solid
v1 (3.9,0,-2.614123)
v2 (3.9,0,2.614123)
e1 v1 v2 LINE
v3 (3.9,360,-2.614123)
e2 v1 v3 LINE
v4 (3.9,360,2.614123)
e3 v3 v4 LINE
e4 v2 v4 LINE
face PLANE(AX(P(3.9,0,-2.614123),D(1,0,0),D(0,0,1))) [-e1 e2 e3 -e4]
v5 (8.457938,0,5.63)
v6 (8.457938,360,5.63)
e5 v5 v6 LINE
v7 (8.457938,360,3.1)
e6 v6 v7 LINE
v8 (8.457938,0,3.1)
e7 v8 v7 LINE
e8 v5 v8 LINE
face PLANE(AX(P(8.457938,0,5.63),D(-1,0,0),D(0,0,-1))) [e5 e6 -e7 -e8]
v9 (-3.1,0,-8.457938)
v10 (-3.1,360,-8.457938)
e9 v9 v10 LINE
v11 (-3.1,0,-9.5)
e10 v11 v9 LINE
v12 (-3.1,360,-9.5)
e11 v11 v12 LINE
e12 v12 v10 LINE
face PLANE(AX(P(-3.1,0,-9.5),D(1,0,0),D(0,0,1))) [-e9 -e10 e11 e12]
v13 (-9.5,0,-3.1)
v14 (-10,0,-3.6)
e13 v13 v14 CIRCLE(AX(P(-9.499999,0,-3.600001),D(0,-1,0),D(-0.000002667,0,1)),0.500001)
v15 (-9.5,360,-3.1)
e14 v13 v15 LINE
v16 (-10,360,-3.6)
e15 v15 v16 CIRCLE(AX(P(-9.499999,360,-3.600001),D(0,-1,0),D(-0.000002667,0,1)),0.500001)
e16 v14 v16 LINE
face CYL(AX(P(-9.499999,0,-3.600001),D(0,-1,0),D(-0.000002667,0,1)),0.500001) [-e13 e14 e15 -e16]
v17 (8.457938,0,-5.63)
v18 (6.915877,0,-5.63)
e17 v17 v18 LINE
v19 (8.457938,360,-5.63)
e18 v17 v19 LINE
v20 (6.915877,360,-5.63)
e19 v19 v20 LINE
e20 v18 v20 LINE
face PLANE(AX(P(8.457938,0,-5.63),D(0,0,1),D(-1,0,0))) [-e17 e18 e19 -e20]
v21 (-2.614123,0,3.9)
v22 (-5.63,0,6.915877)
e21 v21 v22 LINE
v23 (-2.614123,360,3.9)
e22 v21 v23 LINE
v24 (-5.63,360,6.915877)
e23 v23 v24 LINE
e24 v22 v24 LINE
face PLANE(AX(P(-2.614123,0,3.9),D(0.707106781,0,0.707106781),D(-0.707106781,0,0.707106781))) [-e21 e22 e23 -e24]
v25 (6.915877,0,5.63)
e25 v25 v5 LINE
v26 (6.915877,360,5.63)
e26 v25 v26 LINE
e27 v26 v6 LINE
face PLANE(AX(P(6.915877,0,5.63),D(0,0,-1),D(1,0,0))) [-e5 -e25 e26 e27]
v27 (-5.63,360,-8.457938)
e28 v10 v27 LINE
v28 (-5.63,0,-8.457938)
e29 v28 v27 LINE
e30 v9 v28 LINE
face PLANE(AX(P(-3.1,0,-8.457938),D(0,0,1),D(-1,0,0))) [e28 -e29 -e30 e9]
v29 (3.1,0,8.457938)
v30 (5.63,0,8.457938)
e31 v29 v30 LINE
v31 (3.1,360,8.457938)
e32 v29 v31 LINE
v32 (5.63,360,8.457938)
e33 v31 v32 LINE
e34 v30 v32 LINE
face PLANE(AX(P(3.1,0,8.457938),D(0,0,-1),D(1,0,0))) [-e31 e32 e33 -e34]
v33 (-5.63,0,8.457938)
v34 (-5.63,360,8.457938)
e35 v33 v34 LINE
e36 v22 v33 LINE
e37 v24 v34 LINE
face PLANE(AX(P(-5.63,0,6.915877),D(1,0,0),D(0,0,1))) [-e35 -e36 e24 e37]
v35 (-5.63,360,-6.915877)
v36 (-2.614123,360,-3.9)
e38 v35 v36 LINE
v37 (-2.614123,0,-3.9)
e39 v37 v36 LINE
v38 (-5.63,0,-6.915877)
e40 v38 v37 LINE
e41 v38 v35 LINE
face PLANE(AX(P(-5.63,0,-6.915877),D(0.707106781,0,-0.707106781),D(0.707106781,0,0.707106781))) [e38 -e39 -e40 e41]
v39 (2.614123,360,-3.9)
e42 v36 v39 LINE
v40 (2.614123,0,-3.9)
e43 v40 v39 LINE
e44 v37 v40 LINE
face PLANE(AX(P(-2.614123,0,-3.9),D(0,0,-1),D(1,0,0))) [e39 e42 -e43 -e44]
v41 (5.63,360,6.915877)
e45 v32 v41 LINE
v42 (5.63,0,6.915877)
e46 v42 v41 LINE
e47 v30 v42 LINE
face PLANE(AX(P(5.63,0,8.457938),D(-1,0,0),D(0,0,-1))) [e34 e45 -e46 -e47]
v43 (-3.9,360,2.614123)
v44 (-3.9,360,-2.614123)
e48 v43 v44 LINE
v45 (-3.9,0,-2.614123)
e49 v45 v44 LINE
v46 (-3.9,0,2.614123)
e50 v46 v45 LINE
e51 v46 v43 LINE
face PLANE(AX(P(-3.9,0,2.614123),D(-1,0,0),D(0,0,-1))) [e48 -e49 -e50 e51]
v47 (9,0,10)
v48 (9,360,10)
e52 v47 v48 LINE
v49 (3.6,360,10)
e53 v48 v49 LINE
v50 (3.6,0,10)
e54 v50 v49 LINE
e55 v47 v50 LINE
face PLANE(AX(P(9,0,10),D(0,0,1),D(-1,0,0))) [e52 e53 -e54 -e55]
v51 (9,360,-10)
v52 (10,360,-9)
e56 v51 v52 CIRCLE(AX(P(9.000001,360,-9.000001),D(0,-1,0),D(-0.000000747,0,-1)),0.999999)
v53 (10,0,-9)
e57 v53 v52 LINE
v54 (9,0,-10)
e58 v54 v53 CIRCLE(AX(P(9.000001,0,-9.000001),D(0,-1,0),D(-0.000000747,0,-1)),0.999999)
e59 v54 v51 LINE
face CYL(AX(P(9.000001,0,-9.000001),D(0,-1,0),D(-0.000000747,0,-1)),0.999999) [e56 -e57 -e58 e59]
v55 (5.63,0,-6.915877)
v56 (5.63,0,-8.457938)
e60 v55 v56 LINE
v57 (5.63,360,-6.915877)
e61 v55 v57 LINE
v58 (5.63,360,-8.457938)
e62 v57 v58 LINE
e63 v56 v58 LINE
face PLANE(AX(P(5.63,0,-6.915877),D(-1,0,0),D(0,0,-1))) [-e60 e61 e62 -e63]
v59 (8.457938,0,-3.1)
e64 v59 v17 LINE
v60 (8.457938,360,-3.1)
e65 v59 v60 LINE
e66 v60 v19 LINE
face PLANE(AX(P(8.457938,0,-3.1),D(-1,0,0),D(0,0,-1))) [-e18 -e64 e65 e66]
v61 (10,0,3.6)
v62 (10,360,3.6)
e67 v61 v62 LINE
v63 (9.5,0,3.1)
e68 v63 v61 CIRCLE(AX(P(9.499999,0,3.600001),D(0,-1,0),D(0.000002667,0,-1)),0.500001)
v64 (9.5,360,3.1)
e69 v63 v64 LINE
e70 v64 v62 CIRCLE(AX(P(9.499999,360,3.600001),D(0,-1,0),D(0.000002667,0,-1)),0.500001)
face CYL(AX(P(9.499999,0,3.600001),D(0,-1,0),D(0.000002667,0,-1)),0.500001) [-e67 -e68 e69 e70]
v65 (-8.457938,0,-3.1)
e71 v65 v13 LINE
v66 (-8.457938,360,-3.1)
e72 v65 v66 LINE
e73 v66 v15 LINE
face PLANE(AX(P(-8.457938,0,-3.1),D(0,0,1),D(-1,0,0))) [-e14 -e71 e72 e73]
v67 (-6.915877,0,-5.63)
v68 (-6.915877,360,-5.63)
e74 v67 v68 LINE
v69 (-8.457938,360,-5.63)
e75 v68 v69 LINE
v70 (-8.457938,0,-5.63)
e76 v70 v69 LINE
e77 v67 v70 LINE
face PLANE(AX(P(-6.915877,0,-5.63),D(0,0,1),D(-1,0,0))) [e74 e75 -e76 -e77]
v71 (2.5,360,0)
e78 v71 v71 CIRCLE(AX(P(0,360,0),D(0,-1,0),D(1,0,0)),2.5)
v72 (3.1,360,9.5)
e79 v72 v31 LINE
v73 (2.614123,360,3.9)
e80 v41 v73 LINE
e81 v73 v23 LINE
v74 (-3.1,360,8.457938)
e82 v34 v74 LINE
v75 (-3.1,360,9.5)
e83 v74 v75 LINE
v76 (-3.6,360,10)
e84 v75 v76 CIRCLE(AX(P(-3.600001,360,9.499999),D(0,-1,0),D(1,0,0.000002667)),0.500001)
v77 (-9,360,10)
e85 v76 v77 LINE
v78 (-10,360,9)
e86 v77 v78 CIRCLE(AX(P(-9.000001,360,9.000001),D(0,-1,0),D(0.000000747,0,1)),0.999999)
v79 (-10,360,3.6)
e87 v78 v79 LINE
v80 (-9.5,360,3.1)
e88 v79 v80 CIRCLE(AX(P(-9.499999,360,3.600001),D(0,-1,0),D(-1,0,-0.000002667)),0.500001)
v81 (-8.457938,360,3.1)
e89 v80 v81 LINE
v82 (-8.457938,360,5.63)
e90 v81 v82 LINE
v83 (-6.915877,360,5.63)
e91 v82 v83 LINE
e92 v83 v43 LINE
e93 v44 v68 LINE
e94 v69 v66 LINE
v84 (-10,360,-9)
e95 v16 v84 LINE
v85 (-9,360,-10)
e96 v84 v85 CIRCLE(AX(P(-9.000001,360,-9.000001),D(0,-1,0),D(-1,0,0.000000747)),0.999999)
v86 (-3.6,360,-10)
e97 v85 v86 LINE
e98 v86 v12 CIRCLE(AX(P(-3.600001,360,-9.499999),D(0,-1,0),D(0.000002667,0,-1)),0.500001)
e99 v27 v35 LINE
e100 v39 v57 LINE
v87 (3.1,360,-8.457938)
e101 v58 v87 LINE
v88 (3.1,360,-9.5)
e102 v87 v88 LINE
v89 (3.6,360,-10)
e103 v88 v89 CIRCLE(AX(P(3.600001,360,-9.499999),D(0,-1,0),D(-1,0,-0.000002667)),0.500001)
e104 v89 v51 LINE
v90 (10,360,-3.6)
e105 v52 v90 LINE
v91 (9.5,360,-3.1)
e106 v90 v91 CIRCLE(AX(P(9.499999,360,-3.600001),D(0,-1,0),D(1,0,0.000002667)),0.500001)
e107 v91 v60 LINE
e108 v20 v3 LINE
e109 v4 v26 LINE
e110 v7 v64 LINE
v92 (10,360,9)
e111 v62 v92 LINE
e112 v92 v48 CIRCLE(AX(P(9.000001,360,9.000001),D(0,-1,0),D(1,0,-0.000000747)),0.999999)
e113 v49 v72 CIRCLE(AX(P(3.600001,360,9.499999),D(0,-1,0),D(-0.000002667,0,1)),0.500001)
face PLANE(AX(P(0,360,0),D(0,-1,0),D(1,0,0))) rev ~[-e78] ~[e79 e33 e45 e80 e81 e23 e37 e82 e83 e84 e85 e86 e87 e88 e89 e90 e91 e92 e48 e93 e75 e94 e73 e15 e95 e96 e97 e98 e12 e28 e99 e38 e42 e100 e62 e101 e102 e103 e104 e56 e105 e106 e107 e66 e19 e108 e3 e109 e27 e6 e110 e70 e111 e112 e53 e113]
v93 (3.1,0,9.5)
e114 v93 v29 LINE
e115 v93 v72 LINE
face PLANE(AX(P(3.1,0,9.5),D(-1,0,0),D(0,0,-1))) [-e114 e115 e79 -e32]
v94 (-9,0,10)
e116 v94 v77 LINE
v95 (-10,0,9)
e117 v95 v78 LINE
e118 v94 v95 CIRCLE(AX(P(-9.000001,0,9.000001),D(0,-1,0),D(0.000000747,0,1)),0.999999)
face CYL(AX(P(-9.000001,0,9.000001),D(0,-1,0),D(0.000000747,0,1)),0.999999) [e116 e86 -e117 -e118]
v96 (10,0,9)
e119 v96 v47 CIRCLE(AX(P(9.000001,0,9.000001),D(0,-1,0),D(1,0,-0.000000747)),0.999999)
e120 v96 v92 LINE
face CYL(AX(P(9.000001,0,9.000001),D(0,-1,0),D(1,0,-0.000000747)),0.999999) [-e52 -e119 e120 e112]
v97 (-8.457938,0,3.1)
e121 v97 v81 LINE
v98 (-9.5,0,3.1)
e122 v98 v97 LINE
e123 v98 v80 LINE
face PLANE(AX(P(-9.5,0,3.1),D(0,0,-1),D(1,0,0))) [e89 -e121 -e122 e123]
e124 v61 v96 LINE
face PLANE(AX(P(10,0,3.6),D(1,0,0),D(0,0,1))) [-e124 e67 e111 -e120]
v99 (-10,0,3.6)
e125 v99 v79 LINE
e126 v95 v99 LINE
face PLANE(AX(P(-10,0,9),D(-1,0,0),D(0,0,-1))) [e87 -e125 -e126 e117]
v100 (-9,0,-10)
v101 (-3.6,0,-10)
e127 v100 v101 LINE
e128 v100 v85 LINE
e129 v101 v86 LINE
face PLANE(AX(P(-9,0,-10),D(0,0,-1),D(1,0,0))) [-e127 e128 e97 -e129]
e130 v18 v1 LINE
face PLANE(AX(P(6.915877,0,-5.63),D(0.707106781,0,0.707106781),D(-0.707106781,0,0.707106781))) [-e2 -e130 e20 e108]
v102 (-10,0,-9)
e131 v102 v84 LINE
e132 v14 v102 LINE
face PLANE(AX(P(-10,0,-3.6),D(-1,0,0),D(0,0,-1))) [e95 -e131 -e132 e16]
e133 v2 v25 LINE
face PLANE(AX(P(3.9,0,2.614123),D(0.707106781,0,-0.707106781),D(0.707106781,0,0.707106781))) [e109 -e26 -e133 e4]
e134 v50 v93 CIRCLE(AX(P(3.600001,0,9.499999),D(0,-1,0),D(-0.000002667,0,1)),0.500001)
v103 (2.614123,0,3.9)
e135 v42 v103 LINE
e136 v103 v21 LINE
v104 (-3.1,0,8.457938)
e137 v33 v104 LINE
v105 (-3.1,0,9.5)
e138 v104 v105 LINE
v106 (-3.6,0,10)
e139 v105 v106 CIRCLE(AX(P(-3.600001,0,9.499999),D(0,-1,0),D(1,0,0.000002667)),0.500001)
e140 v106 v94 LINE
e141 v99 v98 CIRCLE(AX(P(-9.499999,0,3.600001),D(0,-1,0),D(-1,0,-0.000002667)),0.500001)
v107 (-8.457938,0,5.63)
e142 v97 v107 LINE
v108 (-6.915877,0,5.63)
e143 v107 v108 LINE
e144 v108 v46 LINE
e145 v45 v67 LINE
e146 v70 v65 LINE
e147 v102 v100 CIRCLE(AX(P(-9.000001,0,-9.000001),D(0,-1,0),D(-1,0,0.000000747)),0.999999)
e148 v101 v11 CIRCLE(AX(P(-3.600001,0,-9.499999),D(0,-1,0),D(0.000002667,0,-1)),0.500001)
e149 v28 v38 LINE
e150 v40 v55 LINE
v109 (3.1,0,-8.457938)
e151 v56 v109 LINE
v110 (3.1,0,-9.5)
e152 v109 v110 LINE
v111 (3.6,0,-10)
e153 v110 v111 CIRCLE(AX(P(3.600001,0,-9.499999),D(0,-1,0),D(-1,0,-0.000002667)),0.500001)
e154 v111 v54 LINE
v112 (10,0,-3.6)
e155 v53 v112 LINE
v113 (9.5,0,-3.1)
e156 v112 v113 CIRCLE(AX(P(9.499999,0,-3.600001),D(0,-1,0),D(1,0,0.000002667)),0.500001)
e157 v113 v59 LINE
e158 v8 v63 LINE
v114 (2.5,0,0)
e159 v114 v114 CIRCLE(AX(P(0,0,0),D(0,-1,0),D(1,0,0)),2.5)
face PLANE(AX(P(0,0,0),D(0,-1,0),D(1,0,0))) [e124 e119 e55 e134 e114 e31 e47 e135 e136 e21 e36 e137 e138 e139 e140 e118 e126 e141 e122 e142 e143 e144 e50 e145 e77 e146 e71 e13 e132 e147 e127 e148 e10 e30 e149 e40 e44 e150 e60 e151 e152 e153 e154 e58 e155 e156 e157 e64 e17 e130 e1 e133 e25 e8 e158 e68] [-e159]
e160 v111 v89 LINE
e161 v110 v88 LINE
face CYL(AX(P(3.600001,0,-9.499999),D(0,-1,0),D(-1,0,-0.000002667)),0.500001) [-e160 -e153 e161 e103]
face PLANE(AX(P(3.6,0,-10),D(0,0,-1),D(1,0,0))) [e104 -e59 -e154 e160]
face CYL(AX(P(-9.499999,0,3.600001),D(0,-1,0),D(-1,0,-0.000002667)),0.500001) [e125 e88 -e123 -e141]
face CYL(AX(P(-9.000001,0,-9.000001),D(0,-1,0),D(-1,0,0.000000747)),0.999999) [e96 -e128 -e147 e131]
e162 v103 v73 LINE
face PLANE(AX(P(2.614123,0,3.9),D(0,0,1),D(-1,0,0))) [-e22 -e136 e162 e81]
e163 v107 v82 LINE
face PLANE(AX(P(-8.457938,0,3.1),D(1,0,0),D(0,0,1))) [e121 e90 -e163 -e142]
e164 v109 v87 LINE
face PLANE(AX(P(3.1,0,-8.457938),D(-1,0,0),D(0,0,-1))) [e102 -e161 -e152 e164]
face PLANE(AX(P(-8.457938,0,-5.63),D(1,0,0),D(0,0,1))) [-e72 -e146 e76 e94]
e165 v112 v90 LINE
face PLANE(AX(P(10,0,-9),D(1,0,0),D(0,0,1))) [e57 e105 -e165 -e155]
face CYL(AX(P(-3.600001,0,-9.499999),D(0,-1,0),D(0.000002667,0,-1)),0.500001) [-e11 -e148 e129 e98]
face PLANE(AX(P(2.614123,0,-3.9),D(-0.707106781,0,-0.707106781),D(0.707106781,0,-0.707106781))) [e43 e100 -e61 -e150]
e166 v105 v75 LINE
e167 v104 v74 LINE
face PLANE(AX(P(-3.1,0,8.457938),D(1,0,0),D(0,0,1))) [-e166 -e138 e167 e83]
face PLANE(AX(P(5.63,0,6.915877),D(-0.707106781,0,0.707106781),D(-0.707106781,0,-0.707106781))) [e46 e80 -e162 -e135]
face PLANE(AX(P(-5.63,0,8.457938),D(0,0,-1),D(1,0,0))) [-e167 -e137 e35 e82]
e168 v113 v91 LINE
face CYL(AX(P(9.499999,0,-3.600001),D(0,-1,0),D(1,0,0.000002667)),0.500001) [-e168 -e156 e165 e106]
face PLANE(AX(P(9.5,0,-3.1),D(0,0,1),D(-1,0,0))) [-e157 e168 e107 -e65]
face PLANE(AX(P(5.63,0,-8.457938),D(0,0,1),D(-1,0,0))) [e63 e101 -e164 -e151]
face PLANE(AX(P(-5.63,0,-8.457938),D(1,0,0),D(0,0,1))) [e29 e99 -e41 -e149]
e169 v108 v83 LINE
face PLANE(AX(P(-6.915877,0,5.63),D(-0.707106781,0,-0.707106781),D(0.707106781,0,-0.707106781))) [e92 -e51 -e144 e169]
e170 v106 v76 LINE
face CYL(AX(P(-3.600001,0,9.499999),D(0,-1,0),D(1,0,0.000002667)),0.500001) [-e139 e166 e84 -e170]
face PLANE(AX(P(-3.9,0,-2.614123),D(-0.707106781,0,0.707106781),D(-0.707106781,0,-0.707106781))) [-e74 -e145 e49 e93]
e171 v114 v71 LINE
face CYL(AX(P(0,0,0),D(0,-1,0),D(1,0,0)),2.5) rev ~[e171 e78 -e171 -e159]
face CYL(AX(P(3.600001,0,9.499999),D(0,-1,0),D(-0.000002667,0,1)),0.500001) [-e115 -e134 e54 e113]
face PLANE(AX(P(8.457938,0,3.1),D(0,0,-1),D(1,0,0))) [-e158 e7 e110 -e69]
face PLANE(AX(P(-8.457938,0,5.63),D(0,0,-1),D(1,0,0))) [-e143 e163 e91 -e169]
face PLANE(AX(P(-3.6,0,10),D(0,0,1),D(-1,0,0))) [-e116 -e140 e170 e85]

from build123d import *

# Parameters (mm, degrees)
F0_R     = 2.5
F1_DEPTH = 360


with BuildPart() as f1:
    # F0 (on Front) → F1 (new body)
    with BuildSketch(Plane.XZ):
        with BuildLine():
            ThreePointArc((-3.1, 9.5), (-3.246447, 9.853553), (-3.6, 10))
            Line((-3.6, 10), (-9, 10))
            ThreePointArc((-9, 10), (-9.707107, 9.707107), (-10, 9))
            Line((-10, 9), (-10, 3.6))
            ThreePointArc((-10, 3.6), (-9.853553, 3.246447), (-9.5, 3.1))
            Line((-9.5, 3.1), (-8.457938, 3.1))
            Line((-8.457938, 3.1), (-8.457938, 5.63))
            Line((-8.457938, 5.63), (-6.915877, 5.63))
            Line((-6.915877, 5.63), (-3.9, 2.614123))
            Line((-3.9, 2.614123), (-3.9, -2.614123))
            Line((-3.9, -2.614123), (-6.915877, -5.63))
            Line((-6.915877, -5.63), (-8.457938, -5.63))
            Line((-8.457938, -5.63), (-8.457938, -3.1))
            Line((-8.457938, -3.1), (-9.5, -3.1))
            ThreePointArc((-9.5, -3.1), (-9.853553, -3.246447), (-10, -3.6))
            Line((-10, -3.6), (-10, -9))
            ThreePointArc((-10, -9), (-9.707107, -9.707107), (-9, -10))
            Line((-9, -10), (-3.6, -10))
            ThreePointArc((-3.6, -10), (-3.246447, -9.853553), (-3.1, -9.5))
            Line((-3.1, -9.5), (-3.1, -8.457938))
            Line((-3.1, -8.457938), (-5.63, -8.457938))
            Line((-5.63, -8.457938), (-5.63, -6.915877))
            Line((-5.63, -6.915877), (-2.614123, -3.9))
            Line((-2.614123, -3.9), (2.614123, -3.9))
            Line((2.614123, -3.9), (5.63, -6.915877))
            Line((5.63, -6.915877), (5.63, -8.457938))
            Line((5.63, -8.457938), (3.1, -8.457938))
            Line((3.1, -8.457938), (3.1, -9.5))
            ThreePointArc((3.1, -9.5), (3.246447, -9.853553), (3.6, -10))
            Line((3.6, -10), (9, -10))
            ThreePointArc((9, -10), (9.707107, -9.707107), (10, -9))
            Line((10, -9), (10, -3.6))
            ThreePointArc((10, -3.6), (9.853553, -3.246447), (9.5, -3.1))
            Line((9.5, -3.1), (8.457938, -3.1))
            Line((8.457938, -3.1), (8.457938, -5.63))
            Line((8.457938, -5.63), (6.915877, -5.63))
            Line((6.915877, -5.63), (3.9, -2.614123))
            Line((3.9, -2.614123), (3.9, 2.614123))
            Line((3.9, 2.614123), (6.915877, 5.63))
            Line((6.915877, 5.63), (8.457938, 5.63))
            Line((8.457938, 5.63), (8.457938, 3.1))
            Line((8.457938, 3.1), (9.5, 3.1))
            ThreePointArc((9.5, 3.1), (9.853553, 3.246447), (10, 3.6))
            Line((10, 3.6), (10, 9))
            ThreePointArc((10, 9), (9.707107, 9.707107), (9, 10))
            Line((9, 10), (3.6, 10))
            ThreePointArc((3.6, 10), (3.246447, 9.853553), (3.1, 9.5))
            Line((3.1, 9.5), (3.1, 8.457938))
            Line((3.1, 8.457938), (5.63, 8.457938))
            Line((5.63, 8.457938), (5.63, 6.915877))
            Line((5.63, 6.915877), (2.614123, 3.9))
            Line((2.614123, 3.9), (-2.614123, 3.9))
            Line((-2.614123, 3.9), (-5.63, 6.915877))
            Line((-5.63, 6.915877), (-5.63, 8.457938))
            Line((-5.63, 8.457938), (-3.1, 8.457938))
            Line((-3.1, 8.457938), (-3.1, 9.5))
        make_face()
        Circle(F0_R, mode=Mode.SUBTRACT)
    extrude(amount=-F1_DEPTH)


solid = f1.part
